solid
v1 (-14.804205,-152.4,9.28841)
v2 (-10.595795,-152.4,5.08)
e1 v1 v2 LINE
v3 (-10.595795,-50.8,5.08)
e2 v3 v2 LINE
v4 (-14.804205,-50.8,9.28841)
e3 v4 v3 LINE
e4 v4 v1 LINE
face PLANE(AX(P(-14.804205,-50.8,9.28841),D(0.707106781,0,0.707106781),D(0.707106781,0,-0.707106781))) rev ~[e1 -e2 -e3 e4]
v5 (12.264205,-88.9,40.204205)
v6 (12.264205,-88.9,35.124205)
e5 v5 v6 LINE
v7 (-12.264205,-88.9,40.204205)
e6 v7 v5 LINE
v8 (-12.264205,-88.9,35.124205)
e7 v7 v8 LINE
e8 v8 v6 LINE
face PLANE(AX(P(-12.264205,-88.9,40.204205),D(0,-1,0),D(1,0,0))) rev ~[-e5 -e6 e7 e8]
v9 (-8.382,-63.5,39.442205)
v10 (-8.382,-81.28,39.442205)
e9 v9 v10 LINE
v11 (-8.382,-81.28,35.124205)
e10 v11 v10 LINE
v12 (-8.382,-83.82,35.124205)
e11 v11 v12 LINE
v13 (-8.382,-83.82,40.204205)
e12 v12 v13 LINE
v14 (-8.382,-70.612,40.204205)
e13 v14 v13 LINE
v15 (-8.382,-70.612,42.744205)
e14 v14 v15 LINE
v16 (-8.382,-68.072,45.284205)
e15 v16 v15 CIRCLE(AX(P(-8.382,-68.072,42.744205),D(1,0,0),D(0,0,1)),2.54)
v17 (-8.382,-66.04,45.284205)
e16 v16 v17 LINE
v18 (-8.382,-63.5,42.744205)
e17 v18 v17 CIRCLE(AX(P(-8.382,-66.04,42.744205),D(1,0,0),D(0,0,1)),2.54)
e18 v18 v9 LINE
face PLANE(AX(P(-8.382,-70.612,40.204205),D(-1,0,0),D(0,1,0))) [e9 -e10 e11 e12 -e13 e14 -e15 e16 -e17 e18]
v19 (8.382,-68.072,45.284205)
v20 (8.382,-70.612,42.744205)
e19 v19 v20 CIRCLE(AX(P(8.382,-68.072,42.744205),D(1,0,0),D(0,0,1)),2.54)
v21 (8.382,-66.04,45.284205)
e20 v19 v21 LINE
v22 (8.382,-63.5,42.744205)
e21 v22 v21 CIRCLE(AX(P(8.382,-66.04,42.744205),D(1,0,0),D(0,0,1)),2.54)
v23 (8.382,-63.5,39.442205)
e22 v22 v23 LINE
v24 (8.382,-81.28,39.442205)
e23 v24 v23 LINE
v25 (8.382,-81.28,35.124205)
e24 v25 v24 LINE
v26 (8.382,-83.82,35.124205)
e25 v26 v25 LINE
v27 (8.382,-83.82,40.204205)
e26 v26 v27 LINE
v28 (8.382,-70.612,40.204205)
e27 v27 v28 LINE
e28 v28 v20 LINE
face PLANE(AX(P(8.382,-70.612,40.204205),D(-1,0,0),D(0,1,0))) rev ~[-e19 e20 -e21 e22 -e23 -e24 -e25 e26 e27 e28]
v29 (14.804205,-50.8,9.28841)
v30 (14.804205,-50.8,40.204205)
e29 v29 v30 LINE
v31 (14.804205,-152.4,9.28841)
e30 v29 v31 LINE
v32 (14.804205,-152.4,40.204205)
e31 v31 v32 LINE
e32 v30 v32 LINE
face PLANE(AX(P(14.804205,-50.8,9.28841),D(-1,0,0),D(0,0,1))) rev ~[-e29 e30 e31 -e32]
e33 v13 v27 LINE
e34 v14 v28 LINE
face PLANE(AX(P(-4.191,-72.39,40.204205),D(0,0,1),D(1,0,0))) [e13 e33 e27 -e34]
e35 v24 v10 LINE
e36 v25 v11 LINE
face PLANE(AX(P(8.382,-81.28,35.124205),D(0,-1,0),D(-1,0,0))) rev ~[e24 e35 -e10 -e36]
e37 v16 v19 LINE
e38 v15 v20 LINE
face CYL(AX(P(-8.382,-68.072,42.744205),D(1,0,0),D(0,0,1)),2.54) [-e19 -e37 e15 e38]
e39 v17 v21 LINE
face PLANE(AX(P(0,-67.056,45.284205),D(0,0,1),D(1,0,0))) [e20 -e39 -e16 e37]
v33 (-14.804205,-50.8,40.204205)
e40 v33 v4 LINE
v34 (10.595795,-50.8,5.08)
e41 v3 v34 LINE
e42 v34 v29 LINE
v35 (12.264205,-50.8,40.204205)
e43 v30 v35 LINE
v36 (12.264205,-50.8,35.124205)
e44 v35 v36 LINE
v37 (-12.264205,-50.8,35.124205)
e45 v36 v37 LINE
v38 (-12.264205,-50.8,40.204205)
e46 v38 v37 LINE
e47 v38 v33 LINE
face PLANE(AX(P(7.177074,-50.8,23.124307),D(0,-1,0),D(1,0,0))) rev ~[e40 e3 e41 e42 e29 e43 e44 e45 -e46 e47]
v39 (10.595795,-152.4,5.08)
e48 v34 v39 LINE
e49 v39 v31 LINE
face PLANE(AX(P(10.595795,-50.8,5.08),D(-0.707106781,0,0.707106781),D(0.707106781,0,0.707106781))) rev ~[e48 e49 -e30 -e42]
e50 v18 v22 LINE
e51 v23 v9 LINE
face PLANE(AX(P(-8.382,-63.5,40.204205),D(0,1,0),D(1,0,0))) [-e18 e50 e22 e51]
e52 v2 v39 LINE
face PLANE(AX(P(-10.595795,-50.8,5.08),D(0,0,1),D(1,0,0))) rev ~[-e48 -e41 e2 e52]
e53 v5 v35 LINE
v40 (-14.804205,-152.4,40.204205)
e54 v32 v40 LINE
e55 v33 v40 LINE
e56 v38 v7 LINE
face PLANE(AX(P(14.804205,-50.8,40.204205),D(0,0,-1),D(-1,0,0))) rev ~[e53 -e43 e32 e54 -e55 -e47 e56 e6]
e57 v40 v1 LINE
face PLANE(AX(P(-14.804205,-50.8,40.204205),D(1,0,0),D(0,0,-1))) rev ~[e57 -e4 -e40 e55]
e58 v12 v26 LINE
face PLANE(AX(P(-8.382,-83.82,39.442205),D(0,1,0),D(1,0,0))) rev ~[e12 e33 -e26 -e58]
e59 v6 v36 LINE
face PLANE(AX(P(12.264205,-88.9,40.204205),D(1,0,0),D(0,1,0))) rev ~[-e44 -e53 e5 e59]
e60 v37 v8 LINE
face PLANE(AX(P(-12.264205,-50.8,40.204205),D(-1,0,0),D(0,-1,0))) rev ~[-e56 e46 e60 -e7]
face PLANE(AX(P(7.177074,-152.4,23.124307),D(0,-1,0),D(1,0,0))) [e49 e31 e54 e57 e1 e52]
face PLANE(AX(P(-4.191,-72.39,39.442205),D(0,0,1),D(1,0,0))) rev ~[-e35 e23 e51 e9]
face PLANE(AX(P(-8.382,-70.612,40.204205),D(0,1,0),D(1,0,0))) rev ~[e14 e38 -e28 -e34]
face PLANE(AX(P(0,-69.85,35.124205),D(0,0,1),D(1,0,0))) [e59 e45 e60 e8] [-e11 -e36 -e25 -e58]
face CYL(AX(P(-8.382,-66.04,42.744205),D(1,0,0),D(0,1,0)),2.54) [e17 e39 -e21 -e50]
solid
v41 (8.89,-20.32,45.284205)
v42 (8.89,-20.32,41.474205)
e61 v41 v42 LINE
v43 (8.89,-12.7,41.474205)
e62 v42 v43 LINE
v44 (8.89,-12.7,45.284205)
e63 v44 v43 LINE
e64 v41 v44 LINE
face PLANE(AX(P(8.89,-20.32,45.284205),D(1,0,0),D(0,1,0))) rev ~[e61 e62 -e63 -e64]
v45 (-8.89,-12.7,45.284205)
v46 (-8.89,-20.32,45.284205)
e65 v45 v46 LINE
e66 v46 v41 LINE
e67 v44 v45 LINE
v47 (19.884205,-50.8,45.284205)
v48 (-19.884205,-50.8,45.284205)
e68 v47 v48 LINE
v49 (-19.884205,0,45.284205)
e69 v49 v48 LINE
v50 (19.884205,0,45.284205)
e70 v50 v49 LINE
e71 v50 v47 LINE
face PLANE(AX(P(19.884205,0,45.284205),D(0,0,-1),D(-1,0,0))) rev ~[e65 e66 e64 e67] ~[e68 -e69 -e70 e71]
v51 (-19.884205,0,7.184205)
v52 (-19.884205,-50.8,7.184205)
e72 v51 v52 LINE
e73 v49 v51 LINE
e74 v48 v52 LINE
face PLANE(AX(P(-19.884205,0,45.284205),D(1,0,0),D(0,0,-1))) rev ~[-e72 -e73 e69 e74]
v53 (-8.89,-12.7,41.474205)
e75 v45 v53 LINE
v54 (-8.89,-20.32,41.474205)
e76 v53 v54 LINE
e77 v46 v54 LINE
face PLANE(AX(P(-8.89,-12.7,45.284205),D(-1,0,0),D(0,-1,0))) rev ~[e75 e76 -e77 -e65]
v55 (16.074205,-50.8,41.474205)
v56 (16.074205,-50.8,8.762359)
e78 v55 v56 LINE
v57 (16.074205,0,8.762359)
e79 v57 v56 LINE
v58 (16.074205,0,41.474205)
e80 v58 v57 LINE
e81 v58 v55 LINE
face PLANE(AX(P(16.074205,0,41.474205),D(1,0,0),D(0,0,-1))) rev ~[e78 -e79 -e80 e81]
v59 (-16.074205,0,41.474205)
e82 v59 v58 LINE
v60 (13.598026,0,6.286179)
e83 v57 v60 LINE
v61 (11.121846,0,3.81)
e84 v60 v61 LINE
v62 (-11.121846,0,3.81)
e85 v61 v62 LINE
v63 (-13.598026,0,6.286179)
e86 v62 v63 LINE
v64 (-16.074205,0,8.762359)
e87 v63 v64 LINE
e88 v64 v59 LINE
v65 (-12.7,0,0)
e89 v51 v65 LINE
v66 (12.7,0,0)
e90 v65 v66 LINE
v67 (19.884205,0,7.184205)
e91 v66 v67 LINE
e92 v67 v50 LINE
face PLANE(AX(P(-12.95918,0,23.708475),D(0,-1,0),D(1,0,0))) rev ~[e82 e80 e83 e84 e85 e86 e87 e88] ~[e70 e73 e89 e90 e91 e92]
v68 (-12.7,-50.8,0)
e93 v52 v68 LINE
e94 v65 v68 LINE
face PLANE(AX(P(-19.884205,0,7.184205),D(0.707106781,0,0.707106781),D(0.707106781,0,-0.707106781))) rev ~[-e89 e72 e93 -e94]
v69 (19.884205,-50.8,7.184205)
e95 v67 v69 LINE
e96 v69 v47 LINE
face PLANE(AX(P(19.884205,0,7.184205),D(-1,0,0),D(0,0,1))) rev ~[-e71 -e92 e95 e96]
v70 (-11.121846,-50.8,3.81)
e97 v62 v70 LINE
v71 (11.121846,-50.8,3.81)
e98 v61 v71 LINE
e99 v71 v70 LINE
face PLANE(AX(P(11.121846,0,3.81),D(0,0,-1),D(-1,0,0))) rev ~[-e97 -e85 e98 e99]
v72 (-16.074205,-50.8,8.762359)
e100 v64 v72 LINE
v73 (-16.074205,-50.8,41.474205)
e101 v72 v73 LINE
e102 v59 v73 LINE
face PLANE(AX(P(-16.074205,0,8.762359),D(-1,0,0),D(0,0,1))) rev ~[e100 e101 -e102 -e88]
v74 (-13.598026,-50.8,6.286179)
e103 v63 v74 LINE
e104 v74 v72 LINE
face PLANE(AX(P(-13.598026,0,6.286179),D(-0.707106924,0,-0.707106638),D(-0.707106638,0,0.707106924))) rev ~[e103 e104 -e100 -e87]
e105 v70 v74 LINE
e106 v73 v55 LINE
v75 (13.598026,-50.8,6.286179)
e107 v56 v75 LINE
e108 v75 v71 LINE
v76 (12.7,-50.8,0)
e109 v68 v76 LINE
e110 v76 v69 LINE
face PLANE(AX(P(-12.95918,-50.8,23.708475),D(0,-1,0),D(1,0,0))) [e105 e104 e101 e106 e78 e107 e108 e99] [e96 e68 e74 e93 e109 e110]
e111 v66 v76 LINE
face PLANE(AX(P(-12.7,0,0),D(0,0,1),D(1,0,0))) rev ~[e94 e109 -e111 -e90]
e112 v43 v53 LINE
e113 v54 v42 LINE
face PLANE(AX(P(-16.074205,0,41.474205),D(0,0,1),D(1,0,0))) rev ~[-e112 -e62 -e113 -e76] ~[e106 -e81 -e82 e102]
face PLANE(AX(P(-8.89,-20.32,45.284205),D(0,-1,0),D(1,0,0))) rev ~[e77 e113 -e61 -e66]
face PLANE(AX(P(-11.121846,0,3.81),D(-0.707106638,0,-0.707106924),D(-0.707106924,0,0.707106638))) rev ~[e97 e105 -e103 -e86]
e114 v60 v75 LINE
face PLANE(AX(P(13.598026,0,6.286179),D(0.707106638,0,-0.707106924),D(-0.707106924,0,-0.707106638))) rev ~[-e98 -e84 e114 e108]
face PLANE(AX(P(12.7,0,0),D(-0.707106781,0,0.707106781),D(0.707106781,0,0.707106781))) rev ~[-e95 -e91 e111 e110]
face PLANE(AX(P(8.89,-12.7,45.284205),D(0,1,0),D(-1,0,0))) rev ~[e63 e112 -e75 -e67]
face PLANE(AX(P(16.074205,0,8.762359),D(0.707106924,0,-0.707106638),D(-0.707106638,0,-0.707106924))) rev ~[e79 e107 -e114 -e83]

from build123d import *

# Parameters (mm, degrees)
F1_DEPTH  = 50.8
F3_DEPTH  = 101.6
F5_DEPTH  = 25.4
F7_DEPTH  = 5.08
F9_DEPTH  = 4.318
F10_W     = 8.382
F10_H     = 17.78
F10_H_2   = 2.54
F11_DEPTH = 0.762
F12_W     = 16.764
F12_H     = 7.112
F13_DEPTH = 5.08
F14_R     = 2.54


with BuildPart() as f1:
    # F0 (on Front) → F1 (new body)
    with BuildSketch(Plane.XZ):
        Polygon((-12.7, 0), (0, 0), (0, 3.81), (-11.121846, 3.81), (-13.598026, 6.286179), (-16.074205, 8.762359), (-16.074205, 11.265247), (-16.074205, 41.474205), (0, 41.474205), (0, 45.284205), (-19.884205, 45.284205), (-19.884205, 7.184205), align=None)
        Polygon((0, 3.81), (0, 0), (12.7, 0), (19.884205, 7.184205), (19.884205, 45.284205), (0, 45.284205), (0, 41.474205), (16.074205, 41.474205), (16.074205, 11.265247), (16.074205, 8.762359), (13.598026, 6.286179), (11.121846, 3.81), align=None)
    extrude(amount=F1_DEPTH)

    # F4 (on face) → F5 (cut)
    with BuildSketch(Plane.XY.offset(45.284205)):
        Polygon((8.89, -12.7), (0, -12.7), (-8.89, -12.7), (-8.89, -20.32), (0, -20.32), (8.89, -20.32), align=None)
    extrude(amount=-F5_DEPTH, mode=Mode.SUBTRACT)


with BuildPart() as f3:
    # F2 (on face) → F3 (new body)
    with BuildSketch(Plane.XZ.offset(50.8)):
        Polygon((0, 40.204205), (0, 5.08), (10.595795, 5.08), (14.804205, 9.28841), (14.804205, 40.204205), (4.39494, 40.204205), align=None)
        Polygon((-10.595795, 5.08), (0, 5.08), (0, 40.204205), (-4.39494, 40.204205), (-14.804205, 40.204205), (-14.804205, 9.28841), align=None)
    extrude(amount=F3_DEPTH)

    # F6 (on face) → F7 (cut)
    with BuildSketch(Plane.XY.offset(40.204205)):
        Polygon((12.264205, -50.8), (-12.264205, -50.8), (-12.264205, -88.9), (0, -88.9), (12.264205, -88.9), align=None)
    extrude(amount=-F7_DEPTH, mode=Mode.SUBTRACT)

    # F8 (on face) → F9 (join)
    with BuildSketch(Plane.XY.offset(35.124205)):
        Polygon((-8.382, -83.82), (0, -83.82), (8.382, -83.82), (8.382, -81.28), (0, -81.28), (-8.382, -81.28), align=None)
    extrude(amount=F9_DEPTH)

    # F10 (on face) → F11 (join)
    with BuildSketch(Plane.XY.offset(39.442205)):
        with Locations((-4.191, -72.39)):
            Rectangle(F10_W, F10_H)
        with Locations((4.191, -72.39)):
            Rectangle(F10_W, F10_H)
        with Locations((4.191, -82.55)):
            Rectangle(F10_W, F10_H_2)
        with Locations((-4.191, -82.55)):
            Rectangle(F10_W, F10_H_2)
    extrude(amount=F11_DEPTH)

    # F12 (on face) → F13 (join)
    with BuildSketch(Plane.XY.offset(40.204205)):
        with Locations((0, -67.056)):
            Rectangle(F12_W, F12_H)
    extrude(amount=F13_DEPTH)

    # F14
    f14_edges = [f3.edges().sort_by_distance(p)[0] for p in [
        (0, -63.5, 45.284205),
        (0, -70.612, 45.284205),
    ]]
    fillet(f14_edges, radius=F14_R)


solid = Compound([f1.part, f3.part])
